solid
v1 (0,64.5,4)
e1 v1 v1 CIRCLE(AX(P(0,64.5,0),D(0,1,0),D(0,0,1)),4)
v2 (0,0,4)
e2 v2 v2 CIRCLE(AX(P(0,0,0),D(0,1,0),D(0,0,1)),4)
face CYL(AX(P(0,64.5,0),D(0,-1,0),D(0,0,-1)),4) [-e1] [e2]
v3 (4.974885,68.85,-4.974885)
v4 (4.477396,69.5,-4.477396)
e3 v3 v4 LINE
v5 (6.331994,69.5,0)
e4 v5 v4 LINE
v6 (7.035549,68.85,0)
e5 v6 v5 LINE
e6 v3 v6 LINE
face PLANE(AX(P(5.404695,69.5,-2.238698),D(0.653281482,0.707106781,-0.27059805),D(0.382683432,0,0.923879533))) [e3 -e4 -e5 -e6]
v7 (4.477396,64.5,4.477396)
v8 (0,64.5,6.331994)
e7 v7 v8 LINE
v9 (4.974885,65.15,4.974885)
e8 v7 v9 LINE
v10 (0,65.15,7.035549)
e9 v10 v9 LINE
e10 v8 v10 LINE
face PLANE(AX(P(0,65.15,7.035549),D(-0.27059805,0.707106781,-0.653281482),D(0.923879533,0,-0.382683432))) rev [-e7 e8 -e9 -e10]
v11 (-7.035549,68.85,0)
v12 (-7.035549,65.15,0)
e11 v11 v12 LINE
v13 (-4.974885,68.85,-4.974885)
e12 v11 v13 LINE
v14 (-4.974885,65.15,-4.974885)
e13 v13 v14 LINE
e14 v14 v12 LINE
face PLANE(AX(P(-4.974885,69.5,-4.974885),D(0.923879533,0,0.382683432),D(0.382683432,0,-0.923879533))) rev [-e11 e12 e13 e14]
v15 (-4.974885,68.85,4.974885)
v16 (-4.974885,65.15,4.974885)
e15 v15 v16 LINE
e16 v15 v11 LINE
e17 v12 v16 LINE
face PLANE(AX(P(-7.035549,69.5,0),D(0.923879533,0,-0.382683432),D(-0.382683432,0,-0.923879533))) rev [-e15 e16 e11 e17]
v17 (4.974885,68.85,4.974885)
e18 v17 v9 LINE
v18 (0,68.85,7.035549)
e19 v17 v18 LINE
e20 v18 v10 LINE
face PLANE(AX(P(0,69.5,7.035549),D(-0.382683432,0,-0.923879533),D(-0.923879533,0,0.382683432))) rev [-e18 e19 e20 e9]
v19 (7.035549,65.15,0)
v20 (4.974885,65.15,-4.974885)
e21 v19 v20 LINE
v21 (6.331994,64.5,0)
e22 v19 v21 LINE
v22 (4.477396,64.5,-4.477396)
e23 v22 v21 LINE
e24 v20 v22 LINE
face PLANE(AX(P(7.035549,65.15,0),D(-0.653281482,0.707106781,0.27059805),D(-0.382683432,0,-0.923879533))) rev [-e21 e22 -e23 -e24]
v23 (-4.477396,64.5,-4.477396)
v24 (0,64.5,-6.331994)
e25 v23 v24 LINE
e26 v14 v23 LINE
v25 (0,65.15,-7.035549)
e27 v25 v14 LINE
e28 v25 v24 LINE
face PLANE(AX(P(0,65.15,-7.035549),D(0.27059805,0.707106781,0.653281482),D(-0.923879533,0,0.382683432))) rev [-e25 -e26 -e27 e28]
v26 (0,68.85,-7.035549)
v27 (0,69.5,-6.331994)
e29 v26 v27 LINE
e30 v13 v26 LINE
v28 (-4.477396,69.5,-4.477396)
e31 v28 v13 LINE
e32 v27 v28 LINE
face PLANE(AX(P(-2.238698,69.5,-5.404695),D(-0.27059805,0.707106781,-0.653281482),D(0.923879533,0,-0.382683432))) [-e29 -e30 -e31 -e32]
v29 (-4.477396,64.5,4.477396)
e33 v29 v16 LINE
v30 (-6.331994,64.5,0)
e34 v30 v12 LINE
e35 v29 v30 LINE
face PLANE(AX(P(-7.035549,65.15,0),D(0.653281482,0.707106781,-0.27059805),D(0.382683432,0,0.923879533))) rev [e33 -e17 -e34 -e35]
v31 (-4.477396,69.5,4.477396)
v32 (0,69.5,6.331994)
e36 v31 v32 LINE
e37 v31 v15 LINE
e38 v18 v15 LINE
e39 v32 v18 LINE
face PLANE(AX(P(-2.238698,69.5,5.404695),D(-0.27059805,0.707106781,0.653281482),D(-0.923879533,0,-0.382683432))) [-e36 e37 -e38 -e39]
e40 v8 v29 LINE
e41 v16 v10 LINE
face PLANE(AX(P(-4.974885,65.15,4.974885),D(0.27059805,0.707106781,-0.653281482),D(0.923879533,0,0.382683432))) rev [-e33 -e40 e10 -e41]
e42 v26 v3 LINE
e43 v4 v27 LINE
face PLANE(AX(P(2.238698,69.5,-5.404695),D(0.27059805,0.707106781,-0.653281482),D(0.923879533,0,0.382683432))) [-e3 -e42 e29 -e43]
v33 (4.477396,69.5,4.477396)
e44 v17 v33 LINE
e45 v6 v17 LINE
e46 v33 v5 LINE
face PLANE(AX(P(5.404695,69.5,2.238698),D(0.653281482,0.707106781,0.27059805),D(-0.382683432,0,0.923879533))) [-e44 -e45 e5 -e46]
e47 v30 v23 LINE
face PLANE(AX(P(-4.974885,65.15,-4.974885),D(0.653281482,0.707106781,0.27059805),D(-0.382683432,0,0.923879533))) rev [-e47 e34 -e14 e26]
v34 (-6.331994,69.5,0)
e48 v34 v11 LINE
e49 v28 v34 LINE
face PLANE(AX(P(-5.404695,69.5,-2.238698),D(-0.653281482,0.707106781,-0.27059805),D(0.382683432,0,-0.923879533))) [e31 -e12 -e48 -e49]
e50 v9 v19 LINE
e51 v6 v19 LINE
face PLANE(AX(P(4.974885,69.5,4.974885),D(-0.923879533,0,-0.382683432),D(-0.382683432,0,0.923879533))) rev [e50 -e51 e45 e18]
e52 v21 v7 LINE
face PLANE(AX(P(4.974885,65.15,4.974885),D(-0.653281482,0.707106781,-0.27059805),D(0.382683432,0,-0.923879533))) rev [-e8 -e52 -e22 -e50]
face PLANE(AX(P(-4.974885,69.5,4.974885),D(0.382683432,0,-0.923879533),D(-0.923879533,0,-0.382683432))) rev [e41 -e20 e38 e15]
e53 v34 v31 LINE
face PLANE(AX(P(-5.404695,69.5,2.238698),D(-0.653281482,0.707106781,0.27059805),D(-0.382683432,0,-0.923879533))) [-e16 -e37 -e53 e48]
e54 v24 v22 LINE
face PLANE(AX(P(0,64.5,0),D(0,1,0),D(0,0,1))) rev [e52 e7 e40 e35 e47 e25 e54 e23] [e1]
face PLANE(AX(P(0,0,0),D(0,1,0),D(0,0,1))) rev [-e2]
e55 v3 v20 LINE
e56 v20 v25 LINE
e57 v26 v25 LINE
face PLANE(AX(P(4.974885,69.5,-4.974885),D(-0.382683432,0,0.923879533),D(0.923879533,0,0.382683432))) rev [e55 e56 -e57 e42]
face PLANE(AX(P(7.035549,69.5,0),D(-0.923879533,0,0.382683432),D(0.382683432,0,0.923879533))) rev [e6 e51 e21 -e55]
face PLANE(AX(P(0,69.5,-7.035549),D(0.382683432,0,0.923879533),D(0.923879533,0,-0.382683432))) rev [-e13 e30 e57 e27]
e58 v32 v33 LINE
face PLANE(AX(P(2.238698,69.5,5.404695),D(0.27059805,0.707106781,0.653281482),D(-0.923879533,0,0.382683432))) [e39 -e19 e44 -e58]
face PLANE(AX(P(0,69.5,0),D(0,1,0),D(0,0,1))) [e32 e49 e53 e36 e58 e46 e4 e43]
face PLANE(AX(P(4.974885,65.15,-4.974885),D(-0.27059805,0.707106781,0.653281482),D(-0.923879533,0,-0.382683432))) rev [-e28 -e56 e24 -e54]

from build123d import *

# Parameters (mm, degrees)
SKETCH1_R           = 4
BOSS_EXTRUDE1_DEPTH = 64.5
BOSS_EXTRUDE2_DEPTH = 5
CHAMFER1_SIZE       = 0.65


with BuildPart() as part:
    # Sketch1 → Boss-Extrude1 (new body)
    with BuildSketch(Plane(origin=(0, 0, 0), x_dir=(1, 0, 0), z_dir=(0, 1, 0))):
        Circle(SKETCH1_R)
    extrude(amount=BOSS_EXTRUDE1_DEPTH)

    # Sketch2 → Boss-Extrude2 (add)
    with BuildSketch(Plane(origin=(0, 64.5, 0), x_dir=(1, 0, 0), z_dir=(0, 1, 0))):
        Polygon((7.035549302, 0), (4.974884621, 4.974884621), (0, 7.035549302), (-4.974884621, 4.974884621), (-7.035549302, 0), (-4.974884621, -4.974884621), (0, -7.035549302), (4.974884621, -4.974884621), align=None)
    extrude(amount=BOSS_EXTRUDE2_DEPTH)

    # Chamfer1
    chamfer1_edges = [part.edges().sort_by_distance(p)[0] for p in [
        (-6.005216961, 69.5, 2.48744231),
        (-2.48744231, 69.5, 6.005216961),
        (2.48744231, 69.5, 6.005216961),
        (6.005216961, 64.5, 2.48744231),
        (6.005216961, 64.5, -2.48744231),
        (2.48744231, 64.5, -6.005216961),
        (-2.48744231, 64.5, -6.005216961),
        (-6.005216961, 64.5, -2.48744231),
        (-6.005216961, 64.5, 2.48744231),
        (-2.48744231, 64.5, 6.005216961),
        (2.48744231, 64.5, 6.005216961),
        (6.005216961, 69.5, 2.48744231),
        (6.005216961, 69.5, -2.48744231),
        (2.48744231, 69.5, -6.005216961),
        (-2.48744231, 69.5, -6.005216961),
        (-6.005216961, 69.5, -2.48744231),
    ]]
    chamfer(chamfer1_edges, length=CHAMFER1_SIZE)


solid = part.part
